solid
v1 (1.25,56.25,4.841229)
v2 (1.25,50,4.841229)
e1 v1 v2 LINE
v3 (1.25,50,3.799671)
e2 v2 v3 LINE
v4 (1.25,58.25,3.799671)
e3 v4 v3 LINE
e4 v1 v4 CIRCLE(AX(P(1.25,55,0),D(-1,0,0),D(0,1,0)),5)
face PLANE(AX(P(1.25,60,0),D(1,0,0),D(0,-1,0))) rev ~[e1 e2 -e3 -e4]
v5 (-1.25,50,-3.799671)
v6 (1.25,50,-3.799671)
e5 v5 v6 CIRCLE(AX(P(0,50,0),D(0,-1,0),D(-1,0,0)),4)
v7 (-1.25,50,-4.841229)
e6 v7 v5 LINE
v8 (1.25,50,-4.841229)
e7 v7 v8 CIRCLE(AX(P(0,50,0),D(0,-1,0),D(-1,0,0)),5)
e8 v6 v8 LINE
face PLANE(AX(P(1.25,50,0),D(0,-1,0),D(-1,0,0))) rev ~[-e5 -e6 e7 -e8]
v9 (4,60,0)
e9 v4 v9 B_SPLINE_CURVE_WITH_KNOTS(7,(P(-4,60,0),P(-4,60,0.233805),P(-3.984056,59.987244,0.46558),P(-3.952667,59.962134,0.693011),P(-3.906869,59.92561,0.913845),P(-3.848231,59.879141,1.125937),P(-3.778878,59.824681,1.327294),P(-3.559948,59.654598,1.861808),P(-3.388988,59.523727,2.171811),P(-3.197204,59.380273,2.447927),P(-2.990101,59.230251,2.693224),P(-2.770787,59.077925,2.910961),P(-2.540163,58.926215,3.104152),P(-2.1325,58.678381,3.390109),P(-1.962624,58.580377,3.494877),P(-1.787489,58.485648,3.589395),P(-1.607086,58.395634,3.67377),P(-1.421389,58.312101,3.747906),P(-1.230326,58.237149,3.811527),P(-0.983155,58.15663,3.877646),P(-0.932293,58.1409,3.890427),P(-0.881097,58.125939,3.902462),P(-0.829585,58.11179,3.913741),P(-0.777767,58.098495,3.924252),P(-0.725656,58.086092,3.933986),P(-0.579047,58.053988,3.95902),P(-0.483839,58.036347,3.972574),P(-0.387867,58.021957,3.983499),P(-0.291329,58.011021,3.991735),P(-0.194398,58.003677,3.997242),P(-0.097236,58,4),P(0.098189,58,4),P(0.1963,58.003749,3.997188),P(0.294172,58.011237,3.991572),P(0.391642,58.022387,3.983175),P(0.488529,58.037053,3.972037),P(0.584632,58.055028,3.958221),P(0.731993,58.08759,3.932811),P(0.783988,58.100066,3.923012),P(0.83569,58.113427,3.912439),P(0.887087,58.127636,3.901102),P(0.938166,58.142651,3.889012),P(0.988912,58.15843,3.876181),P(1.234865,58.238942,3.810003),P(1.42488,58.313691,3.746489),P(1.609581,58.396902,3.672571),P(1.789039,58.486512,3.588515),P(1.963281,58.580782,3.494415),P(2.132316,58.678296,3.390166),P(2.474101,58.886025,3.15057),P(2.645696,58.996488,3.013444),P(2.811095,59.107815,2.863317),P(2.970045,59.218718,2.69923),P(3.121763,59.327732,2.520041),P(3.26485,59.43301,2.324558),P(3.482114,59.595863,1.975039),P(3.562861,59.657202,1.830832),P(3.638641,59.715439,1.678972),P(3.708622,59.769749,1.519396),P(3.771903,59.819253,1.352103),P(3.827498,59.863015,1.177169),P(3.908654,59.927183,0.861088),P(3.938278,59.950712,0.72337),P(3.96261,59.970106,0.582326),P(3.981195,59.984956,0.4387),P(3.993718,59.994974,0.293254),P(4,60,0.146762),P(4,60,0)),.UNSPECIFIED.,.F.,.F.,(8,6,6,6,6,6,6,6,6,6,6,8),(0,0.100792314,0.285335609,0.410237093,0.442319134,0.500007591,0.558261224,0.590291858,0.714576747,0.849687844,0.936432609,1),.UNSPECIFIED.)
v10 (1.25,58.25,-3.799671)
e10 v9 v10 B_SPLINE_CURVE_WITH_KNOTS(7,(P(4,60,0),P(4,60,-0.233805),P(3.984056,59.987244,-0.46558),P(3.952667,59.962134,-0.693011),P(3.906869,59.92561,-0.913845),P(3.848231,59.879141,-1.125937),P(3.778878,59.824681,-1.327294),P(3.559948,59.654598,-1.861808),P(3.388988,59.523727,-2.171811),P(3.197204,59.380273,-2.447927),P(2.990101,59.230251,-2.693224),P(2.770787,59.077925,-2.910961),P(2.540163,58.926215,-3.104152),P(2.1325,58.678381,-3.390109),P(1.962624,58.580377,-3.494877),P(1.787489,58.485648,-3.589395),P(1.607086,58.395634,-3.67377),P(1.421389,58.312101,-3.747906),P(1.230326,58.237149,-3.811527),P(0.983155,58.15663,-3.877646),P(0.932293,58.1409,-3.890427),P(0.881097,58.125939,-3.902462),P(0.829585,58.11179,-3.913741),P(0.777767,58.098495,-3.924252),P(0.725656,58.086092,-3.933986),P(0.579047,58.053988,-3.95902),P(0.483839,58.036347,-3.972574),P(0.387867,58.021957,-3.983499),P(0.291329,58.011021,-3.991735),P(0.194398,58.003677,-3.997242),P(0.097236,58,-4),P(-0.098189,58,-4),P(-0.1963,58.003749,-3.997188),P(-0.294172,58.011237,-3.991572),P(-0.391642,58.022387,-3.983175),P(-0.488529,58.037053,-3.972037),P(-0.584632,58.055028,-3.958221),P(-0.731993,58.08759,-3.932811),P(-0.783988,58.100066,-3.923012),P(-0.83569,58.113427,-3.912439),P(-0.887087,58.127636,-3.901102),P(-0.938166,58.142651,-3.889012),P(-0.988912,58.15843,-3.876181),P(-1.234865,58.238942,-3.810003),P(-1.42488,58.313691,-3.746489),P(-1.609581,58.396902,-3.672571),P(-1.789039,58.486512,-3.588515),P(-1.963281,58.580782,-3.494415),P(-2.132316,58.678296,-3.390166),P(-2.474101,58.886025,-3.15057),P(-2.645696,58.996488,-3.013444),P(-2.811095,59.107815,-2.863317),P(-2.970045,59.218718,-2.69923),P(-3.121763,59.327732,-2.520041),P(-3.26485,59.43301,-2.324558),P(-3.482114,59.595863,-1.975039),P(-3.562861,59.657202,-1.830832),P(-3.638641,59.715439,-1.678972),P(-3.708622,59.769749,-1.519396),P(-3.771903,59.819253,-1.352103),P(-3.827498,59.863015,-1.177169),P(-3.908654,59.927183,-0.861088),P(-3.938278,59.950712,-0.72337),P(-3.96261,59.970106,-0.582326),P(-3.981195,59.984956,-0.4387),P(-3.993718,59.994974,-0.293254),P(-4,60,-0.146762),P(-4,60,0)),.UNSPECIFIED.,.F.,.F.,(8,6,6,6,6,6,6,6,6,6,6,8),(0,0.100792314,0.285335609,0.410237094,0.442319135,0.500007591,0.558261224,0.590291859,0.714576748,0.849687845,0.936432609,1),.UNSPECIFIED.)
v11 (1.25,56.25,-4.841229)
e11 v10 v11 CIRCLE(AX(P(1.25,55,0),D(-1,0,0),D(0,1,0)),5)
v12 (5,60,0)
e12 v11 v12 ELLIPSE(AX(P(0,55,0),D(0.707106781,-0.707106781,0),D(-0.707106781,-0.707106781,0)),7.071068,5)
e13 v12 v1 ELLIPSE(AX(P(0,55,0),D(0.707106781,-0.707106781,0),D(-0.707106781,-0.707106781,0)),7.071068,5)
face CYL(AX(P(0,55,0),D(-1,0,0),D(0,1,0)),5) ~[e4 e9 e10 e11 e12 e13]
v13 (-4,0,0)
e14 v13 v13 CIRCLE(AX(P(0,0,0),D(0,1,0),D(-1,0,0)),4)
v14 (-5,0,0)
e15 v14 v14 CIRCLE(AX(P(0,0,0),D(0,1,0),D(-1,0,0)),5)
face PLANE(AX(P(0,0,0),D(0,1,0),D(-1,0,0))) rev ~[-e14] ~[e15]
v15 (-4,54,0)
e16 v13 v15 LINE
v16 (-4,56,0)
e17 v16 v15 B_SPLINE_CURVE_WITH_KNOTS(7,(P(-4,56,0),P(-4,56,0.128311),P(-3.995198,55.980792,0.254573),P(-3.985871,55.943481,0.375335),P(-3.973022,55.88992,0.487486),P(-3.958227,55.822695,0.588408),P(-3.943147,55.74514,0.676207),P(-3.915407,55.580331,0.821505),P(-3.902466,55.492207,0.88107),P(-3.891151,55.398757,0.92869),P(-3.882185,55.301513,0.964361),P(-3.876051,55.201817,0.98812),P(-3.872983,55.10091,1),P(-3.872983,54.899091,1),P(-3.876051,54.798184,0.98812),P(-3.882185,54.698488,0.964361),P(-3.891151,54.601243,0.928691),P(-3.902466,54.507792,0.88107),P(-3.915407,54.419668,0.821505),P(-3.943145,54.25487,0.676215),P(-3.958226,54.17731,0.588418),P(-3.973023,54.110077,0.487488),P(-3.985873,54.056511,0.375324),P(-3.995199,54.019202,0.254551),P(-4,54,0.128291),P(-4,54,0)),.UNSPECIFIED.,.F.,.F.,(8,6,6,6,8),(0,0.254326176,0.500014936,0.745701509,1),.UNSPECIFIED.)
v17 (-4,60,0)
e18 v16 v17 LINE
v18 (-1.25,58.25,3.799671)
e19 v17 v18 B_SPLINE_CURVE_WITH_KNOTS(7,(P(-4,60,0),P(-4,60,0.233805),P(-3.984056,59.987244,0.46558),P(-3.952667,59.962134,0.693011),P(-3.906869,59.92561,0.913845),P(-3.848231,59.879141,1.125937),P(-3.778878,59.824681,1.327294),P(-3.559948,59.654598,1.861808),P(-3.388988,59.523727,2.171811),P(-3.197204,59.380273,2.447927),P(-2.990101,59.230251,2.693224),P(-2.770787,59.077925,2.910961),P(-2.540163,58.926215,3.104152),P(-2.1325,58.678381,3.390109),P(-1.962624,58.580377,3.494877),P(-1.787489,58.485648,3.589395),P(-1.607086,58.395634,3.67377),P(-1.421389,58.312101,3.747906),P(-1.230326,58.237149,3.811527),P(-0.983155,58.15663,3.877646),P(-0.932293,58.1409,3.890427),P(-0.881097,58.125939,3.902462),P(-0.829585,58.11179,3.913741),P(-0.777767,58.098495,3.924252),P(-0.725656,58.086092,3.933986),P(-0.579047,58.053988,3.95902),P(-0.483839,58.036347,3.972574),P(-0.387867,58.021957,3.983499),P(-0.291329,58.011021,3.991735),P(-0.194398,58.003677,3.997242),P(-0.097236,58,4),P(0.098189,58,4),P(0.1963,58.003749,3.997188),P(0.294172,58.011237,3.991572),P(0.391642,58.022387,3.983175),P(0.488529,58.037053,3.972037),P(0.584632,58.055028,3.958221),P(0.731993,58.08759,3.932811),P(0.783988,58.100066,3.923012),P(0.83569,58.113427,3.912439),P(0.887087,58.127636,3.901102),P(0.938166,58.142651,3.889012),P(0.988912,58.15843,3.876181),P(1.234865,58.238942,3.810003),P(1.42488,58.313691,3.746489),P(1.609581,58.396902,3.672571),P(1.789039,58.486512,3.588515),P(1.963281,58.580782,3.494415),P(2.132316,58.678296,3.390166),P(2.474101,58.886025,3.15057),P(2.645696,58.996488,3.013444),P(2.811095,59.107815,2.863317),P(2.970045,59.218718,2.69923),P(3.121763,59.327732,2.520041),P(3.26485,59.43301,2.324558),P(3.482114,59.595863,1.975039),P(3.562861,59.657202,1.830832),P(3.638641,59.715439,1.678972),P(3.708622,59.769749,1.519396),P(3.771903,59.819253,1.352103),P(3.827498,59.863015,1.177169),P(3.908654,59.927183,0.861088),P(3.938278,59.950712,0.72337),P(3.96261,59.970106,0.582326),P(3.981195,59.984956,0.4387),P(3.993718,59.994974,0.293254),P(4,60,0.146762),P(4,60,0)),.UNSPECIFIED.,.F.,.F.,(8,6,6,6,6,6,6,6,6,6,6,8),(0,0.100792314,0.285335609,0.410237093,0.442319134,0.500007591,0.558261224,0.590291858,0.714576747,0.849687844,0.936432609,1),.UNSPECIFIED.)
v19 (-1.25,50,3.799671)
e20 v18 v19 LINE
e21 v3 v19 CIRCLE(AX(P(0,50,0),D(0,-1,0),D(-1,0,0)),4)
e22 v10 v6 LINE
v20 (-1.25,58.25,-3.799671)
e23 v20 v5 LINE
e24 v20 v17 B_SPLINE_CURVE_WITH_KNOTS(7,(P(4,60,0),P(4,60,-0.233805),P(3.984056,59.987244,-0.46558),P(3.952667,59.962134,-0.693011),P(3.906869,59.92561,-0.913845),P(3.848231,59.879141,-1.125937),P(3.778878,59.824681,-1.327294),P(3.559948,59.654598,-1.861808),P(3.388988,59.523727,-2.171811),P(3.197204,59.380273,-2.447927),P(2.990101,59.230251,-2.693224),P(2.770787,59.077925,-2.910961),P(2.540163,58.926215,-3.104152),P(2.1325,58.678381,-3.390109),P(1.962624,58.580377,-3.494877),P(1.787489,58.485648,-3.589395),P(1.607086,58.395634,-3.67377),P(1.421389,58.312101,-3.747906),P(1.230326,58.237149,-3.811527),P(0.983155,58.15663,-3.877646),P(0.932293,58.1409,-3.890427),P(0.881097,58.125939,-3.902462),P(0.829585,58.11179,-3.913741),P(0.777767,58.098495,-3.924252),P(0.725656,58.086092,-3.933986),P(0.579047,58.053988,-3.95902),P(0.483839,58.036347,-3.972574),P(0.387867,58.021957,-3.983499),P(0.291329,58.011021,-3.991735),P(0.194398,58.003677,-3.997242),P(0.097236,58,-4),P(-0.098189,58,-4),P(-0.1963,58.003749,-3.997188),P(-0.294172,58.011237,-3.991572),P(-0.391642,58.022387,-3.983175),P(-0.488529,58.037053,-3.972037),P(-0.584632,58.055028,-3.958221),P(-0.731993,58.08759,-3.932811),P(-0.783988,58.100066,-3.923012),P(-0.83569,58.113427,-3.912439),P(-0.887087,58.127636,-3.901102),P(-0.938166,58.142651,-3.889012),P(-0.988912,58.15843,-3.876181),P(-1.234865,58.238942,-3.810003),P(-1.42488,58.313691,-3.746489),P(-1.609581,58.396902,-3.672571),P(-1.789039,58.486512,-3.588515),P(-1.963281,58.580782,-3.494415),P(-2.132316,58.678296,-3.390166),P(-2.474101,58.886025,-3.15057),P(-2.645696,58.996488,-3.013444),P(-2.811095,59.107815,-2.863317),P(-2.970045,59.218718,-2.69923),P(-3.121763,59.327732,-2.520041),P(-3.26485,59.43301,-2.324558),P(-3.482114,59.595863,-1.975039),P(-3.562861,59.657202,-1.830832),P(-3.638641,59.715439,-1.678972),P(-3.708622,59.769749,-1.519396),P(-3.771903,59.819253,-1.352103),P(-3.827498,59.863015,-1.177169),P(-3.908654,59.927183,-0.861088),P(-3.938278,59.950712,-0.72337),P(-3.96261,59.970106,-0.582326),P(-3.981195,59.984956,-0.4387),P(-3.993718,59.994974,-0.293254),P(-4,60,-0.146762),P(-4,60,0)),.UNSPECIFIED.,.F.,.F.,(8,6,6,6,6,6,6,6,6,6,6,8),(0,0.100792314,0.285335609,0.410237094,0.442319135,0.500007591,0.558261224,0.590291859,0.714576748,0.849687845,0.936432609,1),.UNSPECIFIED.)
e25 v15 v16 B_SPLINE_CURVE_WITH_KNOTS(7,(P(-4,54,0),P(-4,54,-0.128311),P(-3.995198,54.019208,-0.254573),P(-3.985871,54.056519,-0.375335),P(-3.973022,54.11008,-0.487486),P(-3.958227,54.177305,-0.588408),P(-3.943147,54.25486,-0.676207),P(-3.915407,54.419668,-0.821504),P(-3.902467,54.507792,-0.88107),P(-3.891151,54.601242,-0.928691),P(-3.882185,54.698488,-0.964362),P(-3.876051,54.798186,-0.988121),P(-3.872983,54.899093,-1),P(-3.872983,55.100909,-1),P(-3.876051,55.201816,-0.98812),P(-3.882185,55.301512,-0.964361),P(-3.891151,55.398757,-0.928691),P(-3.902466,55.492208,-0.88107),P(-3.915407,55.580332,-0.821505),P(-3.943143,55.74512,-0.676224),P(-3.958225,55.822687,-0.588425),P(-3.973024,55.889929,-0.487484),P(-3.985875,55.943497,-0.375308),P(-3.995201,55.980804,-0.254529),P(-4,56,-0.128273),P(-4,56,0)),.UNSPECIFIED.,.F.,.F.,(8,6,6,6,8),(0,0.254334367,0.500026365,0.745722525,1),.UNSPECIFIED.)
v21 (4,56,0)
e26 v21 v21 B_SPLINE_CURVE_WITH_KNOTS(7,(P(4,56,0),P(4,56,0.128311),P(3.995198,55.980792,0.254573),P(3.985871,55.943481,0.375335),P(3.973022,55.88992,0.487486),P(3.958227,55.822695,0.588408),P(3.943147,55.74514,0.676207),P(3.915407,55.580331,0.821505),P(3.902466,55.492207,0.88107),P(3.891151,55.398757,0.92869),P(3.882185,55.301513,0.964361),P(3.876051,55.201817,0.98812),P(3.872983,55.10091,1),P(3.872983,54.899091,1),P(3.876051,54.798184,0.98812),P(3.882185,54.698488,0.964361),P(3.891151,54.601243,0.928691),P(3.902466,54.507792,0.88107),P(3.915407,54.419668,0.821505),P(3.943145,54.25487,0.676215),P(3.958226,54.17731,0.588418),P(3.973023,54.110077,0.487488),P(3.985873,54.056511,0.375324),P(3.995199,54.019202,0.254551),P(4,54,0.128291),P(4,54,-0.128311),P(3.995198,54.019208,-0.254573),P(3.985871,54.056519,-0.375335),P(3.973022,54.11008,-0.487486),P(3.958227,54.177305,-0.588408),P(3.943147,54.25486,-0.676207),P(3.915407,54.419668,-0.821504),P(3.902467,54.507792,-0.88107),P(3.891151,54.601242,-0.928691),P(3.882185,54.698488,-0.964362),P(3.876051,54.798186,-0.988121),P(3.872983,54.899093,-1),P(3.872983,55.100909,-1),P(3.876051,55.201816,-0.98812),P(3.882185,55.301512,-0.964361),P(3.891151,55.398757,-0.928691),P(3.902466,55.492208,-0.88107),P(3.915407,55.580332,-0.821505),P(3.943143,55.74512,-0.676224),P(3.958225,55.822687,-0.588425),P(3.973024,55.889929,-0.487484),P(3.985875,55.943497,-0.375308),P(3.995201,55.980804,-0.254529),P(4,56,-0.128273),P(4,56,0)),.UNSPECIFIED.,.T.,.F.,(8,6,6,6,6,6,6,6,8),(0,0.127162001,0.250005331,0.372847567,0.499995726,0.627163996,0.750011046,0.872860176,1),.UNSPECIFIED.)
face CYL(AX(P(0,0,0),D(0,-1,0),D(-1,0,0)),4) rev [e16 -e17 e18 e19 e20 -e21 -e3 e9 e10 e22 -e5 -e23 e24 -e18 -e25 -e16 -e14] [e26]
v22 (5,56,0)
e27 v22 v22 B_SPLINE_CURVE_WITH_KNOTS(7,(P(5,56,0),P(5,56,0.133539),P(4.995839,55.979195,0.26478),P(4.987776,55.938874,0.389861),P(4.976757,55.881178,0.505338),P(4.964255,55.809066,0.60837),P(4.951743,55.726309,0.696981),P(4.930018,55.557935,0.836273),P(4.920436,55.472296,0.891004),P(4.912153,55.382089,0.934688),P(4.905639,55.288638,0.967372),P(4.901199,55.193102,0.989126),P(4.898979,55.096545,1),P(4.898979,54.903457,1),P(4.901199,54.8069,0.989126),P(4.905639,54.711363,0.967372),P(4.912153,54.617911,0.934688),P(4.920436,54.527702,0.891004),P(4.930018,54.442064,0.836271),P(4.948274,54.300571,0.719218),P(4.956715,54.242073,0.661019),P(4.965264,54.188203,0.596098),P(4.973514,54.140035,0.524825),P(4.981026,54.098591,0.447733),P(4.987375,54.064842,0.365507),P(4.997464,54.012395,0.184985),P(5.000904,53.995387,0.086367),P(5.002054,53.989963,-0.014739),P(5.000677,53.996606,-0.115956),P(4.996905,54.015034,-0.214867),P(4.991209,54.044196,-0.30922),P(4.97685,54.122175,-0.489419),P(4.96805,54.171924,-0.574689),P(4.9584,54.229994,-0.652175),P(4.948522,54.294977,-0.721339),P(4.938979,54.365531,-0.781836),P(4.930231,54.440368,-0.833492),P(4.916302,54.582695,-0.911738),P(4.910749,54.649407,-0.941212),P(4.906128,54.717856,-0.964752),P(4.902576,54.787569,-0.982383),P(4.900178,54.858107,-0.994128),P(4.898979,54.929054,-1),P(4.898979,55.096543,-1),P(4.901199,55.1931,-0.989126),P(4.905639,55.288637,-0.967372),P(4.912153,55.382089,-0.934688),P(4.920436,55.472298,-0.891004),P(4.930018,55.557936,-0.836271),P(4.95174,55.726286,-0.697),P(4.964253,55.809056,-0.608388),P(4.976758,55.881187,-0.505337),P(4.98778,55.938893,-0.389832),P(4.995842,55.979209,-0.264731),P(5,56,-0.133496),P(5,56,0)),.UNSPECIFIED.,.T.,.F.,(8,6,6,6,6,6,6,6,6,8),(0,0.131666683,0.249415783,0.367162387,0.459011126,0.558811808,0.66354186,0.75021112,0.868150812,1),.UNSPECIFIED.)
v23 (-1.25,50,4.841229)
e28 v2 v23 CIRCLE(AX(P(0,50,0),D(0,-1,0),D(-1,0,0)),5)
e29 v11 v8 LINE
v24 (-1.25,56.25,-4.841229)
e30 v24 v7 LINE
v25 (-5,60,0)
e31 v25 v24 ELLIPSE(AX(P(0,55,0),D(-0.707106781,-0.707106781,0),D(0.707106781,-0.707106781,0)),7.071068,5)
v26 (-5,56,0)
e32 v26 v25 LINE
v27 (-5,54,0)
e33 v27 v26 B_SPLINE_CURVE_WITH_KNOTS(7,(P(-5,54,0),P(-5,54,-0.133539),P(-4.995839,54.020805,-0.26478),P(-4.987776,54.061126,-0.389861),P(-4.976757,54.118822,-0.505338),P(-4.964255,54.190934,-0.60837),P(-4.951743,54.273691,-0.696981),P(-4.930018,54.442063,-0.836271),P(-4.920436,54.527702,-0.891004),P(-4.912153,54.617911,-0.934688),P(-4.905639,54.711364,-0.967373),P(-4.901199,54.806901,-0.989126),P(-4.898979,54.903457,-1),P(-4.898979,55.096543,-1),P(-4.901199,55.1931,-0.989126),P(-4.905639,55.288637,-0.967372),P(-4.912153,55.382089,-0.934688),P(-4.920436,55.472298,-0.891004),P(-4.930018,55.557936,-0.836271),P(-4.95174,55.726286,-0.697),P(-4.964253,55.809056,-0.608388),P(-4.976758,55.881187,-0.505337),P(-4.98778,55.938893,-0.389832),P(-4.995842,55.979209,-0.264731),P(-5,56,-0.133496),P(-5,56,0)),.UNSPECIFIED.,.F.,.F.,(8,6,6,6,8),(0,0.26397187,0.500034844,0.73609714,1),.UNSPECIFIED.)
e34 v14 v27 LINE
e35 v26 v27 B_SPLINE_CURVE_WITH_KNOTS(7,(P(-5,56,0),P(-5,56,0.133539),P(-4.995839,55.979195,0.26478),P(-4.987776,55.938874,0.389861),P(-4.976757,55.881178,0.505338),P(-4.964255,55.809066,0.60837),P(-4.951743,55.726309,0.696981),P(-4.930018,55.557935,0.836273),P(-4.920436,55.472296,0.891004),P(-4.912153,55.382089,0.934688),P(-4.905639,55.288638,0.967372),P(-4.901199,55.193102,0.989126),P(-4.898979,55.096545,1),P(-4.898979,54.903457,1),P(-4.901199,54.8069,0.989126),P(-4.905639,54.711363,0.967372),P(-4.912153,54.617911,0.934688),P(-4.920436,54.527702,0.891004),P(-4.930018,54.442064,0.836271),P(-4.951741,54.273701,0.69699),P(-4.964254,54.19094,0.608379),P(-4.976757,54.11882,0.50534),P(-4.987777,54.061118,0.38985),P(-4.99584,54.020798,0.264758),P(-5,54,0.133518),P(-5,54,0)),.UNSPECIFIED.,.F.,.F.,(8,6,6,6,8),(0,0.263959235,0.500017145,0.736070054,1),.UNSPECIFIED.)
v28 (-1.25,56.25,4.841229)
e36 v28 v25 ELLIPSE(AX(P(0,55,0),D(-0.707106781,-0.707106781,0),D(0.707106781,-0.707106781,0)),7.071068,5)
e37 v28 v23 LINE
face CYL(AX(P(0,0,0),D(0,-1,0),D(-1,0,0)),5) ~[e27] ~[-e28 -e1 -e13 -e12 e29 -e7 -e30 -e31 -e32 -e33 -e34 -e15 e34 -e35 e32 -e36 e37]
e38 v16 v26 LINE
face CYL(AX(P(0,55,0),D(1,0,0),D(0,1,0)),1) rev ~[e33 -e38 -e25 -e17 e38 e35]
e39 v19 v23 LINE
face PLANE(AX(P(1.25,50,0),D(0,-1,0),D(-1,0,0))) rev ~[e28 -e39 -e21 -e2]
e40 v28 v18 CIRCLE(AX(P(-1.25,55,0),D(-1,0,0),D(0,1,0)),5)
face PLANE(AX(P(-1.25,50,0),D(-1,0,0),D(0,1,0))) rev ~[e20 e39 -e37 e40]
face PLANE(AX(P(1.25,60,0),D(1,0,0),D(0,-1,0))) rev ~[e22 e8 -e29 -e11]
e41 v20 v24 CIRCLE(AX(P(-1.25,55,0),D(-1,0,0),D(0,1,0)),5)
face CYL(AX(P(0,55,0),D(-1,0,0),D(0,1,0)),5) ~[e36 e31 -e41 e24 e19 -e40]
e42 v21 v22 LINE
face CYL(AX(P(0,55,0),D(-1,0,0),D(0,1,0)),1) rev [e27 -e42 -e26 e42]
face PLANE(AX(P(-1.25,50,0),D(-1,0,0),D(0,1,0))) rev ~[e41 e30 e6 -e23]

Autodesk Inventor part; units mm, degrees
ref_plane "YZ Plane" through (0, 0, 0) normal (1, 0, 0) x (0, 1, 0)
ref_plane "XZ Plane" through (0, 0, 0) normal (0, 1, 0) x (-1, 0, 0)
ref_plane "XY Plane" through (0, 0, 0) normal (0, 0, 1) x (1, 0, 0)
sketch "Sketch1" plane through (0, 0, 0) normal (0, 1, 0) x (-1, 0, 0)
  circle A0 centre (0, 0) radius 5
  circle A1 centre (0, 0) radius 4
  dimension "d0" = 10
  dimension "d1" = 8
extrude "Extrusion1" add sketch "Sketch1" along normal blind 60
sketch "Sketch2" plane through (0, 0, 0) normal (1, 0, 0) x (0, 1, 0)
  circle A0 centre (55, 0) radius 5
  line L0 (60, 4) -> (60, -4) projected
  circle A1 centre (55, 0) radius 1
  line L1 (55, -5) -> (60, -5)
  line L2 (0, -5) -> (60, -5) projected
  line L3 (60, -5) -> (60, 5) projected
  line L4 (55, 5) -> (60, 5)
  line L5 (60, 5) -> (60, -5)
  point P0 (0, 0)
  point P1 (60, 0)
  point P2 (60, 0)
  dimension "d4" = 10
  dimension "d5" = 5
  dimension "d6" = 0
  dimension "d7" = 2
extrude "Extrusion2" cut sketch "Sketch2" along normal through all both and the other way through all contours L0 L3 L1 A0 | A0 L4 L3 L0 | A1
sketch "Sketch3" plane through (0, 0, 0) normal (0, 0, 1) x (1, 0, 0)
  line L0 (-1.25, 60) -> (1.25, 60)
  line L1 (1.25, 60) -> (1.25, 50)
  line L2 (1.25, 50) -> (-1.25, 50)
  line L3 (-1.25, 50) -> (-1.25, 60)
  line L4 (-5, 0) -> (-5, 60) projected
  line L5 (5, 60) -> (-5, 60) projected
  point P0 (0, 0)
  point P1 (0, 50)
  dimension "d10" = 2.5
  dimension "d11" = 10
  dimension "d12" = 0
  dimension "d13" = 5
extrude "Extrusion3" cut sketch "Sketch3" along normal through all both and the other way through all
properties part number "Shaft" material "Stainless Steel"
